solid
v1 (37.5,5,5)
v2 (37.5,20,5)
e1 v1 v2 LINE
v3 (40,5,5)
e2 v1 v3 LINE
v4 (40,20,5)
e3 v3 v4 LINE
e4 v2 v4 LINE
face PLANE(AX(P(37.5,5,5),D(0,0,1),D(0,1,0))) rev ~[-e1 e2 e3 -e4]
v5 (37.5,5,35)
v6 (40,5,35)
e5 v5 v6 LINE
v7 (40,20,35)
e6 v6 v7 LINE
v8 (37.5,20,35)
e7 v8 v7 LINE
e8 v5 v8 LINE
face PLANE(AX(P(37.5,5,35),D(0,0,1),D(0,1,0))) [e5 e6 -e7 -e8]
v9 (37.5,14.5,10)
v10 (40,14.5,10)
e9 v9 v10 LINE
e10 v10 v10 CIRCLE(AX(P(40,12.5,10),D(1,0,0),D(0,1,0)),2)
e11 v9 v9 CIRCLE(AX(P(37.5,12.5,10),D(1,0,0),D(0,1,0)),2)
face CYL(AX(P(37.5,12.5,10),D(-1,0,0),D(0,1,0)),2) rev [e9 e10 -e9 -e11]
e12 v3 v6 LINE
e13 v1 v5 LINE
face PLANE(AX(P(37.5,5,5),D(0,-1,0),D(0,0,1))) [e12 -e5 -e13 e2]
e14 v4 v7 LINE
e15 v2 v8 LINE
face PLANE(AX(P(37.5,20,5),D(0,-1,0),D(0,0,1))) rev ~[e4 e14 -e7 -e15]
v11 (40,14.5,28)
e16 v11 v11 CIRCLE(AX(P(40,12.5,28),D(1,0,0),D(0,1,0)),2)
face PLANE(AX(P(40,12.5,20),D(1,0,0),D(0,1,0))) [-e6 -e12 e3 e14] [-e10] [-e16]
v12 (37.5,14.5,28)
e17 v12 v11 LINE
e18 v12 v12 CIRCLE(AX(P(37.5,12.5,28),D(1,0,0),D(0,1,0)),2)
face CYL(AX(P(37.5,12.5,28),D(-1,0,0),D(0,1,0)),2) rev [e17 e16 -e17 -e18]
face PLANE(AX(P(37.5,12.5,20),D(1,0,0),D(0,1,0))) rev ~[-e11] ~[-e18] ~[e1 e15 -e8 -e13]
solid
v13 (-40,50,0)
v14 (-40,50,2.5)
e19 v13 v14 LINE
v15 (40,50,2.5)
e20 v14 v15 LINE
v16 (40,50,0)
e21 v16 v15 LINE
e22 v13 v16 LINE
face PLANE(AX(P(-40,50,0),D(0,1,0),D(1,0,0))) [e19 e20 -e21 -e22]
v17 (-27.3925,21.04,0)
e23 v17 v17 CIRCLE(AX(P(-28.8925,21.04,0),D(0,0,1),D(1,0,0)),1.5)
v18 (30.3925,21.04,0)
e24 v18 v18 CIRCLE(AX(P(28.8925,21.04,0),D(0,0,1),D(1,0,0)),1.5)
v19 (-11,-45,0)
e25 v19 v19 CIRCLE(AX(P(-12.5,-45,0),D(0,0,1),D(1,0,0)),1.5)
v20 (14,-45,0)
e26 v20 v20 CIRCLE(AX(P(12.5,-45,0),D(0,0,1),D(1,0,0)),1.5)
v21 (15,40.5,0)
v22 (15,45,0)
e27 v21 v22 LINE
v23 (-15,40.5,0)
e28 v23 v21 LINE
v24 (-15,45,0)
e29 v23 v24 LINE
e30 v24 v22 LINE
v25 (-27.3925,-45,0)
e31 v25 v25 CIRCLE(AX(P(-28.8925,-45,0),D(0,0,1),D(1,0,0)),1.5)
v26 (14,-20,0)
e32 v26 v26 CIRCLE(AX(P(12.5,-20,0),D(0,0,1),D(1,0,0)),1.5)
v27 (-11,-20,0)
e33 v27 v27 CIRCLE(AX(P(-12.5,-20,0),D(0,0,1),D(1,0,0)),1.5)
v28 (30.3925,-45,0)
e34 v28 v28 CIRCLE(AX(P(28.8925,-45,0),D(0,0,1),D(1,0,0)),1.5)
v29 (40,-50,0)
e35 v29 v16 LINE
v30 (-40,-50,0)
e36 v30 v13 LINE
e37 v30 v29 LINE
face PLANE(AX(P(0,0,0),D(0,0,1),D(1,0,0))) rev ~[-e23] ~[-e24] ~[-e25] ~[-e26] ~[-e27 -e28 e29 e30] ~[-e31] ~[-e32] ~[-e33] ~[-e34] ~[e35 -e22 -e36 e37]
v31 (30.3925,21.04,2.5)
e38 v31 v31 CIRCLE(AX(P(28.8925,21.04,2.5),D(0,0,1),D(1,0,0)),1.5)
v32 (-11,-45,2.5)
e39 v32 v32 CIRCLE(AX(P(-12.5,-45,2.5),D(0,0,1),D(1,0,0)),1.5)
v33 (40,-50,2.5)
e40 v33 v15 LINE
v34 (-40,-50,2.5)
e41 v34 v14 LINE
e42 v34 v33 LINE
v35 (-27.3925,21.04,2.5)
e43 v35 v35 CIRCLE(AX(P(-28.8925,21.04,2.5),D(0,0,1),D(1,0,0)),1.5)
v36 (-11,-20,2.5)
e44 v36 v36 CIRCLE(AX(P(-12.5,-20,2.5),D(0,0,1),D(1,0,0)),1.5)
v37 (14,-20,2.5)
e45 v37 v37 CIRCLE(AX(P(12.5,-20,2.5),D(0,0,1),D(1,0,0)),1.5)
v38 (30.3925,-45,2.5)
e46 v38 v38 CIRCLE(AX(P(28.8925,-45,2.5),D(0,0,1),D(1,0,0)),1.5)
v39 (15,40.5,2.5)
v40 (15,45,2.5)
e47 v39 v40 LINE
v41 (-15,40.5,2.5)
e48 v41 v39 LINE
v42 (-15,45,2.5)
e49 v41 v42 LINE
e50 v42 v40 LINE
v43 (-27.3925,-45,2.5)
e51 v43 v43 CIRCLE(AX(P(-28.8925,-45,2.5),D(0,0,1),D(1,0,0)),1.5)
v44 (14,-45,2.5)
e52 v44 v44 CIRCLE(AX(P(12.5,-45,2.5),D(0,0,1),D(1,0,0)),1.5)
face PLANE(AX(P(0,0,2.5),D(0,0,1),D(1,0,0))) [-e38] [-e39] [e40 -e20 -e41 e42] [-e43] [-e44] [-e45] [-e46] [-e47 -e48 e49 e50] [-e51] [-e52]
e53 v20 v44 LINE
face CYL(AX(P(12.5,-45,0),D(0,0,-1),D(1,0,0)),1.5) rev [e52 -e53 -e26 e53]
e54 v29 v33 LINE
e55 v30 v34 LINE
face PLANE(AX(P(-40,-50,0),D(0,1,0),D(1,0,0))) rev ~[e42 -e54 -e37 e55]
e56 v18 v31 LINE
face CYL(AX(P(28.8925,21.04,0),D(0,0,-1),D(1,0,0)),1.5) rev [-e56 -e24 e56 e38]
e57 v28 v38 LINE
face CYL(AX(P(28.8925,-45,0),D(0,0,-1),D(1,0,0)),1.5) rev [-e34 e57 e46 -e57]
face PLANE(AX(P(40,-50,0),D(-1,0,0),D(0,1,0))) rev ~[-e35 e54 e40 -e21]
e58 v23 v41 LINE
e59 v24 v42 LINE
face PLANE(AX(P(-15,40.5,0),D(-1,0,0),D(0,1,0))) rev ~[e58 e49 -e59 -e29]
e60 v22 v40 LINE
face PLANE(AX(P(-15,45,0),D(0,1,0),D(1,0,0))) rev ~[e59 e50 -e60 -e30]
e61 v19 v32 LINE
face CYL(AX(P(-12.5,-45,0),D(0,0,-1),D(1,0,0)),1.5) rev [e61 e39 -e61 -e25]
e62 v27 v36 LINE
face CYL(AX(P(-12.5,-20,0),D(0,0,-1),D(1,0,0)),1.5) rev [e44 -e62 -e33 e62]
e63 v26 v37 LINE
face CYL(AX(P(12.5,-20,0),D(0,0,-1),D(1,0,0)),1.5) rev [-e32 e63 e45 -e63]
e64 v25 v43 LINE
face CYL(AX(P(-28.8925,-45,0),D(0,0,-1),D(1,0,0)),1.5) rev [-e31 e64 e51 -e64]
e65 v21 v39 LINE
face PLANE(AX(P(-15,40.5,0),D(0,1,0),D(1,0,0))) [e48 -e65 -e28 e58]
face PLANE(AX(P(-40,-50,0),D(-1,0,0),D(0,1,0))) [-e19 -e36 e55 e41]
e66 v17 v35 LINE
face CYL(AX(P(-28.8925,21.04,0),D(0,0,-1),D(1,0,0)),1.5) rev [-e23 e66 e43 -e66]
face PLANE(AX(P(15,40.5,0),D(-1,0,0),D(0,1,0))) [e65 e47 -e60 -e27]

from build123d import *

# Parameters (mm, degrees)
SKETCH001_W   = 80
SKETCH001_H   = 100
SKETCH001_R   = 1.5
SKETCH001_W_2 = 30
SKETCH001_H_2 = 4.5
PAD_DEPTH     = 2.5
SKETCH_W      = 15
SKETCH_H      = 30
SKETCH_R      = 2
PAD001_DEPTH  = 2.5


with BuildPart() as base:
    # Sketch001 → Pad (new body)
    with BuildSketch(Plane.XY):
        Rectangle(SKETCH001_W, SKETCH001_H)
        with Locations((-28.8925, 21.04)):
            Circle(SKETCH001_R, mode=Mode.SUBTRACT)
        with Locations((-28.8925, -45)):
            Circle(SKETCH001_R, mode=Mode.SUBTRACT)
        with Locations((28.8925, -45)):
            Circle(SKETCH001_R, mode=Mode.SUBTRACT)
        with Locations((28.8925, 21.04)):
            Circle(SKETCH001_R, mode=Mode.SUBTRACT)
        with Locations((-12.5, -20)):
            Circle(SKETCH001_R, mode=Mode.SUBTRACT)
        with Locations((-12.5, -45)):
            Circle(SKETCH001_R, mode=Mode.SUBTRACT)
        with Locations((12.5, -20)):
            Circle(SKETCH001_R, mode=Mode.SUBTRACT)
        with Locations((12.5, -45)):
            Circle(SKETCH001_R, mode=Mode.SUBTRACT)
        with Locations((0, 42.75)):
            Rectangle(SKETCH001_W_2, SKETCH001_H_2, mode=Mode.SUBTRACT)
    extrude(amount=PAD_DEPTH)


with BuildPart() as motorholder:
    # Sketch → Pad001 (new body)
    with BuildSketch(Plane.YZ):
        with Locations((12.5, 20)):
            Rectangle(SKETCH_W, SKETCH_H)
        with Locations((12.5, 28)):
            Circle(SKETCH_R, mode=Mode.SUBTRACT)
        with Locations((12.5, 10)):
            Circle(SKETCH_R, mode=Mode.SUBTRACT)
    extrude(amount=PAD001_DEPTH)


with BuildPart() as motorholder_1:
    # Body001 placement: moved
    add(motorholder.part.moved(Location((37.5, 0, 0))))


solid = Compound([base.part, motorholder_1.part])
